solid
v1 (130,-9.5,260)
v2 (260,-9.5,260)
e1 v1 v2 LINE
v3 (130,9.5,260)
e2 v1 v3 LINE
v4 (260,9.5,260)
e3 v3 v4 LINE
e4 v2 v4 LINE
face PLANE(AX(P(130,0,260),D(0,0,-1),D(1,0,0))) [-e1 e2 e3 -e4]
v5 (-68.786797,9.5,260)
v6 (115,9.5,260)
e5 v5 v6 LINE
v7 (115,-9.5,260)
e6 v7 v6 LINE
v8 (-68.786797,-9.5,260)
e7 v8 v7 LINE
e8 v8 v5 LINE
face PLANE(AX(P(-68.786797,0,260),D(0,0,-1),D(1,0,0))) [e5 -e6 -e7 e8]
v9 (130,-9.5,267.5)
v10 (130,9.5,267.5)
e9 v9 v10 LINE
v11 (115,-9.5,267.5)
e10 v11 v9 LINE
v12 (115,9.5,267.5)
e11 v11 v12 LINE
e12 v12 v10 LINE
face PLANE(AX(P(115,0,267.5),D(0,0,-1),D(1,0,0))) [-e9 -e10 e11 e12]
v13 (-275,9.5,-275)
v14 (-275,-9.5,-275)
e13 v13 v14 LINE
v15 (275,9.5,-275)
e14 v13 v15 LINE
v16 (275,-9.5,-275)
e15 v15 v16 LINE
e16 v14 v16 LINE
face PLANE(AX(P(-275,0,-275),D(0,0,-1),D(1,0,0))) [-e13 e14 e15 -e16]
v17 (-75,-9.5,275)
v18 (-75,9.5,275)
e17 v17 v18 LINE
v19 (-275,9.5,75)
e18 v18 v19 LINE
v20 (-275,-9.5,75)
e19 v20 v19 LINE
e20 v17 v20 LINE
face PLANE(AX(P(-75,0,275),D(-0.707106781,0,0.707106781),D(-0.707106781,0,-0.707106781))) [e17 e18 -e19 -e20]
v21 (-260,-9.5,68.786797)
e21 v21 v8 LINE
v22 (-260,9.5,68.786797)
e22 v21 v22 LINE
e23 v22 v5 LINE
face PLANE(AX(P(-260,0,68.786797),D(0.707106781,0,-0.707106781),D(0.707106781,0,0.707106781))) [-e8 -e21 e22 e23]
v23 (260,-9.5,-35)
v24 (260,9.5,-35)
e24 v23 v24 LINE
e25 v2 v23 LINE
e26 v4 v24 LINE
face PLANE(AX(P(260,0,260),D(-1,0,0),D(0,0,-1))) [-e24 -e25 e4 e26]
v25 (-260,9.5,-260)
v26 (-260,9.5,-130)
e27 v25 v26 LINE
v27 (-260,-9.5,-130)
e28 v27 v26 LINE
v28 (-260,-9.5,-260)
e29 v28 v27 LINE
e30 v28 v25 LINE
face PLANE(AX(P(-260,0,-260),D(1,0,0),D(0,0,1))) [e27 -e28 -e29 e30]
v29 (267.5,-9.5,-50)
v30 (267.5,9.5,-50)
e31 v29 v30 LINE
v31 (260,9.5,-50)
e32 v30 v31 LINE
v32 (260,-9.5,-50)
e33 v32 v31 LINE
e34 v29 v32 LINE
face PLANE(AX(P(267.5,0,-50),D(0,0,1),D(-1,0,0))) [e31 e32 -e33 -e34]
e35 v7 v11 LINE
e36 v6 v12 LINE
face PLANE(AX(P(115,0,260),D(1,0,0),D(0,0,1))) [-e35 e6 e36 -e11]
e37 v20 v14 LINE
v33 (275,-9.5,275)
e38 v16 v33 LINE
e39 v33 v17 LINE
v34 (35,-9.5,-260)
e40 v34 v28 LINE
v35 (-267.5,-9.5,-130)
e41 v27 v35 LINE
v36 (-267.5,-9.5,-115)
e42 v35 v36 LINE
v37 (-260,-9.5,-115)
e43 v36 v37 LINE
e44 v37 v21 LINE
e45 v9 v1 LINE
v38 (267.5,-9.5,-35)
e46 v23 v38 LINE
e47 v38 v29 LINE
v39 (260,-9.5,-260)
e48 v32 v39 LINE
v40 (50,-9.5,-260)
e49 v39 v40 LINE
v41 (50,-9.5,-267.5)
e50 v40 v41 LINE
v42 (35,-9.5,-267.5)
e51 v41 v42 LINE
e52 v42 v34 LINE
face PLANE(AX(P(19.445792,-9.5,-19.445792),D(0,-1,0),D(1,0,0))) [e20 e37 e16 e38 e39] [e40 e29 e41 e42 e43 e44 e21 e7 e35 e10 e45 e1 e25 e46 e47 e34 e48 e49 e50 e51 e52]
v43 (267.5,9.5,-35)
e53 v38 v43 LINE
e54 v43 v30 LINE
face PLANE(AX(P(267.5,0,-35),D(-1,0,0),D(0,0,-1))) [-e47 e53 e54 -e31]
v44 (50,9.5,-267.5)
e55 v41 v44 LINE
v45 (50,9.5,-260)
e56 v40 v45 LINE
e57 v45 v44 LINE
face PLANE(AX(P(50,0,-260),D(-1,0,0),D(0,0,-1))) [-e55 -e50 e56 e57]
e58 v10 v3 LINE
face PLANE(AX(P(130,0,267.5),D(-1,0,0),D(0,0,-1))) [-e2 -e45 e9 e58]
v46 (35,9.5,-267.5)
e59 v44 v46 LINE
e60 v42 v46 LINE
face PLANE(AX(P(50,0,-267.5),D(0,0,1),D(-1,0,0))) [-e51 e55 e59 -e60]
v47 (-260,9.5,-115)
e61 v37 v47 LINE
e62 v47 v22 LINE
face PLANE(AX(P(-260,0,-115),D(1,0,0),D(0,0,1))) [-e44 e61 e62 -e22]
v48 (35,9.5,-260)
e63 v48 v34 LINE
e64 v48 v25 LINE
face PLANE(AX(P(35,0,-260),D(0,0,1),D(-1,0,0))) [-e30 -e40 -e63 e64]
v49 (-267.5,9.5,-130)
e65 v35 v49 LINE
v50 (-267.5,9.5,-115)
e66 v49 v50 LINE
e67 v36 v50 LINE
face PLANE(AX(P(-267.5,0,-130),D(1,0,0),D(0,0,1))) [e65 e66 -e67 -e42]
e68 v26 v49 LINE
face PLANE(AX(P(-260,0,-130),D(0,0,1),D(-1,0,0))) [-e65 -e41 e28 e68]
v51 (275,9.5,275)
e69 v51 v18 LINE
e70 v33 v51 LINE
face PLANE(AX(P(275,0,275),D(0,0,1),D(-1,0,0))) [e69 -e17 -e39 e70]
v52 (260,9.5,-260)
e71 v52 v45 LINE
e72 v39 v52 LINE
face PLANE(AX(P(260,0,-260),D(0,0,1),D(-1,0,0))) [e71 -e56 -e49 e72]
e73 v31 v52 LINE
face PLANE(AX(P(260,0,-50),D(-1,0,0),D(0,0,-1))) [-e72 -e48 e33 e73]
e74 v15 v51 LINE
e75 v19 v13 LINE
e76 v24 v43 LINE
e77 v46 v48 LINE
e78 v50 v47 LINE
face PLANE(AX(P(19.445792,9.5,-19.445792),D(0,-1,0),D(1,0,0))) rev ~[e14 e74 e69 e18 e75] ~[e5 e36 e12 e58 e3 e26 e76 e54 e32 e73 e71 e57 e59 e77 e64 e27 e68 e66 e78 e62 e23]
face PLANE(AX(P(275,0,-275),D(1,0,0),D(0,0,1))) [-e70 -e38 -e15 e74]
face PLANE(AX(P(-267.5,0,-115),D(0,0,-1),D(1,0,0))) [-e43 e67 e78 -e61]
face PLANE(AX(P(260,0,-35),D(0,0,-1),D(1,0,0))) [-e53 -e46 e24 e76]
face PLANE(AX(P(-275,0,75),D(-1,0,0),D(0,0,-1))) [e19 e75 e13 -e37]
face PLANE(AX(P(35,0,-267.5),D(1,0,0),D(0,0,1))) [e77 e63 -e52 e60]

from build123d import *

# Parameters (mm, degrees)
F1_DEPTH = 9.5


with BuildPart() as f1:
    # F0 (on Front) → F1 (new body, symmetric)
    with BuildSketch(Plane.XZ):
        Polygon((-275, 75), (-275, -275), (275, -275), (275, 275), (-75, 275), align=None)
        Polygon((35, -260), (-260, -260), (-260, -130), (-267.5, -130), (-267.5, -115), (-260, -115), (-260, 68.7867965644), (-68.7867965644, 260), (115, 260), (115, 267.5), (130, 267.5), (130, 260), (260, 260), (260, -35), (267.5, -35), (267.5, -50), (260, -50), (260, -260), (50, -260), (50, -267.5), (35, -267.5), align=None, mode=Mode.SUBTRACT)
    extrude(amount=F1_DEPTH, both=True)


solid = f1.part
